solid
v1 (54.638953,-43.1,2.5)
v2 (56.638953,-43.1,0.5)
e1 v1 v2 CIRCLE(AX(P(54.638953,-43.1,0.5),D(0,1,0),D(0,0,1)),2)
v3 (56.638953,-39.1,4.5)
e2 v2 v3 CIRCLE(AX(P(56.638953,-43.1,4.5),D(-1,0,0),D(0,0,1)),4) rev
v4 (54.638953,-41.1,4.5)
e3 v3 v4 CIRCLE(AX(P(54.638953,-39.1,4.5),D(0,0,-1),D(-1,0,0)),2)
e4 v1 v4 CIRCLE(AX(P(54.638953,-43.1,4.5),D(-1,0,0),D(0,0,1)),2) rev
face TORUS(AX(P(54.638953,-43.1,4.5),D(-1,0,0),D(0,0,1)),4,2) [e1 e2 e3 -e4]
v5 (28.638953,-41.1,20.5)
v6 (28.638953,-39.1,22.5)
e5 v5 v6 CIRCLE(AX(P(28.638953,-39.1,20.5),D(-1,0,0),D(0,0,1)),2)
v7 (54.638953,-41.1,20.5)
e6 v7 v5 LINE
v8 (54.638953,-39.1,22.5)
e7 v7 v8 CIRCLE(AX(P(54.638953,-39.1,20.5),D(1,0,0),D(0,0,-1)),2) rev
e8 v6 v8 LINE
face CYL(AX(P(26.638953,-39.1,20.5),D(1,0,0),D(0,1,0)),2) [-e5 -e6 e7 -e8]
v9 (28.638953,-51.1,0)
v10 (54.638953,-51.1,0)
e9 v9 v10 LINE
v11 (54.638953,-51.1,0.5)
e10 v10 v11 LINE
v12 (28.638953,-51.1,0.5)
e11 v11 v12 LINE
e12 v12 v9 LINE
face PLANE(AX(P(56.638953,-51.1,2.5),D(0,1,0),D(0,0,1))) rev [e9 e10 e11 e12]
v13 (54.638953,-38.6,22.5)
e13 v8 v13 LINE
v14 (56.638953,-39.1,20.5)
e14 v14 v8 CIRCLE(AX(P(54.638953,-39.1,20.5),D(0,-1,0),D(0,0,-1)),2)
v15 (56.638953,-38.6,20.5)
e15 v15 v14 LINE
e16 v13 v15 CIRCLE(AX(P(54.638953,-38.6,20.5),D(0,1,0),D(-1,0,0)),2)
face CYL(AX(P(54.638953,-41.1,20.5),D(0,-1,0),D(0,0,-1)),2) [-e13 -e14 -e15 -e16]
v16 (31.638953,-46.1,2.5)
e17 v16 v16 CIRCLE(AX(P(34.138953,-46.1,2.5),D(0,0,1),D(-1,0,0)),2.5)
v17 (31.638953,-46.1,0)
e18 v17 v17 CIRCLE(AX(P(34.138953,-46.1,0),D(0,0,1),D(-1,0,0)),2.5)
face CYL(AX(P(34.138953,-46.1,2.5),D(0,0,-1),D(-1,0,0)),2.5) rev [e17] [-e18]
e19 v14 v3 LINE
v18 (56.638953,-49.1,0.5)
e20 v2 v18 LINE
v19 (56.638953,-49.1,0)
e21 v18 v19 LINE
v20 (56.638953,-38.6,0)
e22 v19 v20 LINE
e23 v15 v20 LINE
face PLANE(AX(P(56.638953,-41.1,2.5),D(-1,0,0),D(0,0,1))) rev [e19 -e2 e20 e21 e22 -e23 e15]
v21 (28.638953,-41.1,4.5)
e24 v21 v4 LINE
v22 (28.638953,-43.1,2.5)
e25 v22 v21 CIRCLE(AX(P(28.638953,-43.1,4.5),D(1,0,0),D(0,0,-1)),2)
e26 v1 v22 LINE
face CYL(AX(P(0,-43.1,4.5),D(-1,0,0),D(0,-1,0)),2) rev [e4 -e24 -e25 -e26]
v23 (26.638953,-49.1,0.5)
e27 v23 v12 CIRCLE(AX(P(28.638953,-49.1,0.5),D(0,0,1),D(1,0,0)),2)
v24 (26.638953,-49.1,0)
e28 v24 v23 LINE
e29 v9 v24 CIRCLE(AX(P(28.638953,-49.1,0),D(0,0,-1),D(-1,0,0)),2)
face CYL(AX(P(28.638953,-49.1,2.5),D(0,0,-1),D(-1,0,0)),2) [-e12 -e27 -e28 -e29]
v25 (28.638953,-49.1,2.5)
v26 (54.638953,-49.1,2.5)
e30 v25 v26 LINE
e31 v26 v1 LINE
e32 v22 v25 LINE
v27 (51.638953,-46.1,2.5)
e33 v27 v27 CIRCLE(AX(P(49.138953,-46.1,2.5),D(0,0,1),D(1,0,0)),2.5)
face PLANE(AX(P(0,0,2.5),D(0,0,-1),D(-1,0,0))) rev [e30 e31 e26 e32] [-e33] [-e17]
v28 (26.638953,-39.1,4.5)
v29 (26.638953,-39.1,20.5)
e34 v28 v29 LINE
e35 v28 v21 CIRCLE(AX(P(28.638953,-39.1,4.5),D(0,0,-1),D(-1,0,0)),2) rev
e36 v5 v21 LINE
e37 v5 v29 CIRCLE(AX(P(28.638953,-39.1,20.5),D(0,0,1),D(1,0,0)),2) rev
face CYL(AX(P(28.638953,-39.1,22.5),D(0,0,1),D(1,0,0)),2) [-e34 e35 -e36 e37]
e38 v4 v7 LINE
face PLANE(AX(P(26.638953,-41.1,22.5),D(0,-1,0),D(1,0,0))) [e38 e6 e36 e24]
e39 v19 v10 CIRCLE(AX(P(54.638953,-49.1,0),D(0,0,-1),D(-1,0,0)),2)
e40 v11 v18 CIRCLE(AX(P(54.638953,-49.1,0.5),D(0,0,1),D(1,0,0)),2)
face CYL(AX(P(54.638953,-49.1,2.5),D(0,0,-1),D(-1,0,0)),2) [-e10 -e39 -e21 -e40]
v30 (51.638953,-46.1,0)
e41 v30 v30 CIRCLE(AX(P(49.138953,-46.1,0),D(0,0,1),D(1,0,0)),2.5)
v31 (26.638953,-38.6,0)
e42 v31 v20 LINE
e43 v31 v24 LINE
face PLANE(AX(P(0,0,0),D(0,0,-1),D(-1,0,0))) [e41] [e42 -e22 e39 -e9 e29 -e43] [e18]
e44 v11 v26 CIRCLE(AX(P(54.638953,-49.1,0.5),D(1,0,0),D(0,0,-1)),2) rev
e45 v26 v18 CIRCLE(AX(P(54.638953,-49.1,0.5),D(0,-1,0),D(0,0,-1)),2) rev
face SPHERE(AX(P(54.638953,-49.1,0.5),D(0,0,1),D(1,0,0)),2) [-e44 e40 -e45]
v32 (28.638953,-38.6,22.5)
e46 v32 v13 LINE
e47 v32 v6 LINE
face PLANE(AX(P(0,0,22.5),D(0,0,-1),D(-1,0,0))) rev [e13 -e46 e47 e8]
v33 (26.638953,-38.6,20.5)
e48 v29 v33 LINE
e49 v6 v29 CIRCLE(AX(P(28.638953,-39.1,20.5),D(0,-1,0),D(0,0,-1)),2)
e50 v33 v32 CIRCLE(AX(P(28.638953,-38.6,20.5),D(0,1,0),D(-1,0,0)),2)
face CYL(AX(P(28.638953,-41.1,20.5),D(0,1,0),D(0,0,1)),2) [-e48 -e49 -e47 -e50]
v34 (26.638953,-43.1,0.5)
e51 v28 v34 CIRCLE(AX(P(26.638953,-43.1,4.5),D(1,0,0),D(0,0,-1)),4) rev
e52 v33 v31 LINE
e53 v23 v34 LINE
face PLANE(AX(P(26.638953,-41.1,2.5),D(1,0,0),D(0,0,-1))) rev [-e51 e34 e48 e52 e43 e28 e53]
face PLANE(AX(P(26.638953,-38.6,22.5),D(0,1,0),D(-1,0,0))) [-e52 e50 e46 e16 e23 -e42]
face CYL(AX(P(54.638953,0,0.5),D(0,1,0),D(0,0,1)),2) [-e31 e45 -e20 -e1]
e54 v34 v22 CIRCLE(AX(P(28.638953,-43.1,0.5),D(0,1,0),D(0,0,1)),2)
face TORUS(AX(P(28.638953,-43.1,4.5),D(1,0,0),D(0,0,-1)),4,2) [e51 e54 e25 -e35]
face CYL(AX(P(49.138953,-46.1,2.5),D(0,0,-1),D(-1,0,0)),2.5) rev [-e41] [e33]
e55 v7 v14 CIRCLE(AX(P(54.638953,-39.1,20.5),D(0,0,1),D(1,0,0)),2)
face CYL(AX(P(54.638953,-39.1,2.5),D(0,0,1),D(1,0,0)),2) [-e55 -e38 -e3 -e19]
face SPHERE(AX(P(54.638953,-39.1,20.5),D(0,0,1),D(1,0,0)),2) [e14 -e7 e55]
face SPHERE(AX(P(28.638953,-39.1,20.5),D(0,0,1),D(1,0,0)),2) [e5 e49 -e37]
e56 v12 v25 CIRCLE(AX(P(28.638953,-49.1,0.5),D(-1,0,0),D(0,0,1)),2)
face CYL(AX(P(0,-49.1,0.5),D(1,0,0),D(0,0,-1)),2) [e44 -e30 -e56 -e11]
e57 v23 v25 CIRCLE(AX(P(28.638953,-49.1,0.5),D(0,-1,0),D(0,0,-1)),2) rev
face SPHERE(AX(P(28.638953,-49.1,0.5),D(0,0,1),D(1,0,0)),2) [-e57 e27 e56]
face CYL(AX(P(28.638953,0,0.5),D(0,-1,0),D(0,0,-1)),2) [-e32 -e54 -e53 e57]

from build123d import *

# Parameters (mm, degrees)
SKETCH1_W           = 30
SKETCH1_H           = 10
SKETCH1_R           = 2.5
BOSS_EXTRUDE1_DEPTH = 2.5
SKETCH2_W           = 30
SKETCH2_H           = 2.5
BOSS_EXTRUDE2_DEPTH = 22.5
FILLET1_R           = 2


with BuildPart() as part:
    # Sketch1 → Boss-Extrude1 (new body)
    with BuildSketch(Plane(origin=(0, 0, 0), x_dir=(-1, 0, 0), z_dir=(0, 0, 1))):
        with Locations((-41.638953423, 46.1)):
            Rectangle(SKETCH1_W, SKETCH1_H)
        with Locations(Location((-49.138953423, 46.1, 0), (0, 0, 180))):
            Circle(SKETCH1_R, mode=Mode.SUBTRACT)
        with Locations((-34.138953423, 46.1)):
            Circle(SKETCH1_R, mode=Mode.SUBTRACT)
    extrude(amount=BOSS_EXTRUDE1_DEPTH)

    # Sketch2 → Boss-Extrude2 (add)
    with BuildSketch(Plane(origin=(0, 0, 0), x_dir=(-1, 0, 0), z_dir=(0, 0, -1))):
        with Locations((-41.638953423, -39.85)):
            Rectangle(SKETCH2_W, SKETCH2_H)
    extrude(amount=-BOSS_EXTRUDE2_DEPTH)

    # Fillet1
    fillet1_edges = [part.edges().sort_by_distance(p)[0] for p in [
        (26.638953423, -46.1, 2.5),
        (41.638953423, -51.1, 2.5),
        (41.638953423, -41.1, 22.5),
        (26.638953423, -41.1, 12.5),
        (26.638953423, -39.85, 22.5),
        (56.638953423, -39.85, 22.5),
        (56.638953423, -41.1, 12.5),
        (56.638953423, -46.1, 2.5),
        (56.638953423, -51.1, 1.25),
        (26.638953423, -51.1, 1.25),
        (41.638953423, -41.1, 2.5),
    ]]
    fillet(fillet1_edges, radius=FILLET1_R)


solid = part.part
